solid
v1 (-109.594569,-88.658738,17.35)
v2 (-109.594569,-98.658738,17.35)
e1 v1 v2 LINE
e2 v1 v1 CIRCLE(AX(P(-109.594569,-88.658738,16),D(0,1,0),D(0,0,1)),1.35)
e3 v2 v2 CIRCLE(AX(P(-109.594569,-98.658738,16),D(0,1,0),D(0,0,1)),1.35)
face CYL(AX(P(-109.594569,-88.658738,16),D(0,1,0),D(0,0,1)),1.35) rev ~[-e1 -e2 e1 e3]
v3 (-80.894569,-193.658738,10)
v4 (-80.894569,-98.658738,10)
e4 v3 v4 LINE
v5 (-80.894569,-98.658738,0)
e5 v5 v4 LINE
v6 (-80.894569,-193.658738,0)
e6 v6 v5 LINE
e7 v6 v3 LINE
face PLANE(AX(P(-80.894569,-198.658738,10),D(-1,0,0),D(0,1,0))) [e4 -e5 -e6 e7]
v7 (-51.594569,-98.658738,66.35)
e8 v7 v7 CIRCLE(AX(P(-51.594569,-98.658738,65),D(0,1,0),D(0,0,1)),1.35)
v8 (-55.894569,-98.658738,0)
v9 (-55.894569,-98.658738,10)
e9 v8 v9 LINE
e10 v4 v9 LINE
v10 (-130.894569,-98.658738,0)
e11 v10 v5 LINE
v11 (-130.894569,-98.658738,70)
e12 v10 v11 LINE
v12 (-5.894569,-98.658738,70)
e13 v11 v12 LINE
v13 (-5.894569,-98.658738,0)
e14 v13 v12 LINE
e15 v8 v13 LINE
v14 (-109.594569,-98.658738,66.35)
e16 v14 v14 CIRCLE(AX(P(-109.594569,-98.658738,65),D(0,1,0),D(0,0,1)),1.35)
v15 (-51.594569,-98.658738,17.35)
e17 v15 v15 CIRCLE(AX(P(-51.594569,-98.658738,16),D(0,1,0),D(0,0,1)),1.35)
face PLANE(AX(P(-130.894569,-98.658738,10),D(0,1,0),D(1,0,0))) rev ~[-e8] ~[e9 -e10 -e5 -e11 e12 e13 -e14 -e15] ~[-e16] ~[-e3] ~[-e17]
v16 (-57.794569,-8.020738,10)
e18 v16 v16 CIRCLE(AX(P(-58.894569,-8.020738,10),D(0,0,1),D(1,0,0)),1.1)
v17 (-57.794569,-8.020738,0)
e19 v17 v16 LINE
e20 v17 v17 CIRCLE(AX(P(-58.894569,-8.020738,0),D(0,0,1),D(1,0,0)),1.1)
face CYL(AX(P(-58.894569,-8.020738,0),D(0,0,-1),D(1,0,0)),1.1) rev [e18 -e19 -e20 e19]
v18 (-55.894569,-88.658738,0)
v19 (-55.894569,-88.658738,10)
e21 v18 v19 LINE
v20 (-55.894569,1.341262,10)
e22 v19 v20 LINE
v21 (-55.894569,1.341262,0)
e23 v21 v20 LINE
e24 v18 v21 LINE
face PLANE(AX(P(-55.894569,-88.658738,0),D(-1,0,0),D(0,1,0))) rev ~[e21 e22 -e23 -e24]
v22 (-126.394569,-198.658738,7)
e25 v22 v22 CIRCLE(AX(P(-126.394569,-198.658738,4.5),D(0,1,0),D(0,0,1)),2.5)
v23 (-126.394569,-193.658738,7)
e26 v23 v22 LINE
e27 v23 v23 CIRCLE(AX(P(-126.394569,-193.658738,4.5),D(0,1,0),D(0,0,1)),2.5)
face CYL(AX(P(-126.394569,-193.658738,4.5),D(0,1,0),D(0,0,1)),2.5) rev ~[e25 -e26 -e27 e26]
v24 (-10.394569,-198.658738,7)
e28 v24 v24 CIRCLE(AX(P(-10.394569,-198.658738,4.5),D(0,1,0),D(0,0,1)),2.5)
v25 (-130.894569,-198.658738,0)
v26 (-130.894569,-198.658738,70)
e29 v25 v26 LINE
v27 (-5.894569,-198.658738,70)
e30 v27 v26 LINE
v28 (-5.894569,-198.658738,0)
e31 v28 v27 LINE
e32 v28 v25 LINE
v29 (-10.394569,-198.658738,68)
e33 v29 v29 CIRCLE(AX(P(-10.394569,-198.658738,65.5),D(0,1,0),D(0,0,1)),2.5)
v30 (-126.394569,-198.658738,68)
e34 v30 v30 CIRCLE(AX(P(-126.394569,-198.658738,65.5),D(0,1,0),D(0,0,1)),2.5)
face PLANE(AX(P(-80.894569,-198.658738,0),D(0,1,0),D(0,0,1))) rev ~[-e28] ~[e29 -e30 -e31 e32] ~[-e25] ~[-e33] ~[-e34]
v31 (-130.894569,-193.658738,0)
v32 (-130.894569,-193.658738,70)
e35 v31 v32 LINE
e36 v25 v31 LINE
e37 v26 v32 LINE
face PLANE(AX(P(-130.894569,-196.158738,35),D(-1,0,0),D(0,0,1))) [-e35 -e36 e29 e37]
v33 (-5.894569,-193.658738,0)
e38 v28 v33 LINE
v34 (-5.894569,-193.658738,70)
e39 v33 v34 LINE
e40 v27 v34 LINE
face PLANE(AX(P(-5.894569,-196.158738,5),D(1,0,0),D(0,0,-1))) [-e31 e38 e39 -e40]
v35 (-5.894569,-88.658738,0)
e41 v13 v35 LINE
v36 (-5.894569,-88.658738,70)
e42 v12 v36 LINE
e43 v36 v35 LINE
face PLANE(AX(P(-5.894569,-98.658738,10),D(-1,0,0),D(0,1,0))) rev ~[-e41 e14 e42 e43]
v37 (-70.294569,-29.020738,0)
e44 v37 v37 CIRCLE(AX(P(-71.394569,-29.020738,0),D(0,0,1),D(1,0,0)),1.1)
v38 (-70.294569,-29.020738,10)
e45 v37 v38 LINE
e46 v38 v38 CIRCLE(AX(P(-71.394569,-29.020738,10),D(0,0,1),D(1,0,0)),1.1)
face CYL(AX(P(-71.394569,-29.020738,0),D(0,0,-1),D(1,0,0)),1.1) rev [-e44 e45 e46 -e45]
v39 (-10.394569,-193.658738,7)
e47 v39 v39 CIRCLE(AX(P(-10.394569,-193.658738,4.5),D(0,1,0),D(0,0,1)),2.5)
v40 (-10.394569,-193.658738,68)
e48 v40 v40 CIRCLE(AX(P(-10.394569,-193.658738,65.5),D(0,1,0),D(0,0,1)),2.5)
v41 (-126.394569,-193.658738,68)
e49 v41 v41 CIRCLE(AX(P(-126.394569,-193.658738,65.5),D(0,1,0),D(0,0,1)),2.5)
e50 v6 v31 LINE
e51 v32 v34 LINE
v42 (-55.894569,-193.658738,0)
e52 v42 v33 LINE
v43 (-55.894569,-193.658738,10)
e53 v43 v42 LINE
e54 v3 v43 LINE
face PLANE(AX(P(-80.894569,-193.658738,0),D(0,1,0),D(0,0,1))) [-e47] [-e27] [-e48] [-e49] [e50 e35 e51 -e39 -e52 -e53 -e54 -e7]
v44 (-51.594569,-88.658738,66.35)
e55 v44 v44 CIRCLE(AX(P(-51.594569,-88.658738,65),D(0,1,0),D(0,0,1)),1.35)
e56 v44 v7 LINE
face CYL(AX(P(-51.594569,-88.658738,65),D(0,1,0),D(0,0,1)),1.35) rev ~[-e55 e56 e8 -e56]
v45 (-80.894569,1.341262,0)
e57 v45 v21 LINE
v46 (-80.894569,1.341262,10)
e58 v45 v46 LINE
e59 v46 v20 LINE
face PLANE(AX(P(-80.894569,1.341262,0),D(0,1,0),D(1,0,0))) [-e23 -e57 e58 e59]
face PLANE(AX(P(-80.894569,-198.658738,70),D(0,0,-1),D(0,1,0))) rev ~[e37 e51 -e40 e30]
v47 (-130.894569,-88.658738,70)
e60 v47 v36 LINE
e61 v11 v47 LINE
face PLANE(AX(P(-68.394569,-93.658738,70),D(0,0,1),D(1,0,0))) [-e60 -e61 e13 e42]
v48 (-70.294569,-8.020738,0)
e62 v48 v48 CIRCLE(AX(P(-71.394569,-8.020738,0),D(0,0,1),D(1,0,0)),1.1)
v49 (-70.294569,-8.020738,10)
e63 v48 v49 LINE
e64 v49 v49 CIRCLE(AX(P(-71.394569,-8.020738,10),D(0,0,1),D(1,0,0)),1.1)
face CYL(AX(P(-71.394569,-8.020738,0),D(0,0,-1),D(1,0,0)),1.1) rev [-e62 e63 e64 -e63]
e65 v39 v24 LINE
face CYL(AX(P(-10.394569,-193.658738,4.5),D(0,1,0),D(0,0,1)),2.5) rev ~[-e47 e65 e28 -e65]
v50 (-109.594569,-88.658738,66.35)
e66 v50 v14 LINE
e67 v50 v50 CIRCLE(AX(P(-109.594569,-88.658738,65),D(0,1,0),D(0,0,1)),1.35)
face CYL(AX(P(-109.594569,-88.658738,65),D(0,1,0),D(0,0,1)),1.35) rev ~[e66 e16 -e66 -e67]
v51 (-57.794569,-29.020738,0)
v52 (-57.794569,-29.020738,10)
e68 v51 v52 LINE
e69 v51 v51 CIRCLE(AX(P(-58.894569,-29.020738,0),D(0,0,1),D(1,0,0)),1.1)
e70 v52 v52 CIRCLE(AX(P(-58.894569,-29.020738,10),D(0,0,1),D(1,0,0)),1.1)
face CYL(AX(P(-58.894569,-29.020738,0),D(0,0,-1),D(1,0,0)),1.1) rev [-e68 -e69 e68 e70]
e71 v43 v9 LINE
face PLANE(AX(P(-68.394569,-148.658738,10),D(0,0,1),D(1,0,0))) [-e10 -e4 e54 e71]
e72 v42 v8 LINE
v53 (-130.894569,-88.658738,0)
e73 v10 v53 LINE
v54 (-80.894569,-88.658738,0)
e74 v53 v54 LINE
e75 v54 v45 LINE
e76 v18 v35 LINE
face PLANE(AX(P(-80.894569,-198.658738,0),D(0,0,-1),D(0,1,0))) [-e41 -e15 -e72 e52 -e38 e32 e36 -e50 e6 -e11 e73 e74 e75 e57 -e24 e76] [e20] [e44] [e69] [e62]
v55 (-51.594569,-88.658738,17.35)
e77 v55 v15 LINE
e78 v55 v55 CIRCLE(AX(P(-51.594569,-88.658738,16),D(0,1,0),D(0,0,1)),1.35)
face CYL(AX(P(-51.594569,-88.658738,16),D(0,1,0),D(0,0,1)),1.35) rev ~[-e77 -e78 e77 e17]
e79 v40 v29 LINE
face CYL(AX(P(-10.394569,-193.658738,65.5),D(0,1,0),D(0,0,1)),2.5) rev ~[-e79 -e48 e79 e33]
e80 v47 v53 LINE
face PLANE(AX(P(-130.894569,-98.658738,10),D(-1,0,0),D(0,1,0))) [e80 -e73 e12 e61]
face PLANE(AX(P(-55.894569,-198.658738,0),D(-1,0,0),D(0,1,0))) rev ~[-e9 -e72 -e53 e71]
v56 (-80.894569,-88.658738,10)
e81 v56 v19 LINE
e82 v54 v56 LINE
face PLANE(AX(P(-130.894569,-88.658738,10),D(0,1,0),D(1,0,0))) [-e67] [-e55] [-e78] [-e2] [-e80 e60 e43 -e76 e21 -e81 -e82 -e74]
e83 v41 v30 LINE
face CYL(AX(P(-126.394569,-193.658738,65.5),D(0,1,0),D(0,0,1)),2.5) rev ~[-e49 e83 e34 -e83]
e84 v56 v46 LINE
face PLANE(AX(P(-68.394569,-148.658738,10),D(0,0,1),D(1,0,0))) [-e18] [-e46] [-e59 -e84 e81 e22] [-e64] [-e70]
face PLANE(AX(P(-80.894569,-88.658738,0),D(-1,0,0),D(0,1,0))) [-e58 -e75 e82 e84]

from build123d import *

# Parameters (mm, degrees)
SKETCH2_W           = 25
SKETCH2_H           = 90
SKETCH2_R           = 1.1
SKETCH2_H_2         = 10
SKETCH2_W_2         = 50
SKETCH2_H_3         = 100
BOSS_EXTRUDE3_DEPTH = 10
SKETCH5_W           = 125
SKETCH5_H           = 10
BOSS_EXTRUDE4_DEPTH = 60
SKETCH6_W           = 75
SKETCH6_H           = 5
BOSS_EXTRUDE5_DEPTH = 60
SKETCH8_W           = 10
SKETCH8_H           = 5
BOSS_EXTRUDE7_DEPTH = 50
SKETCH7_W           = 70
SKETCH7_H           = 5
BOSS_EXTRUDE8_DEPTH = 50
SKETCH12_R          = 2.5
CUT_EXTRUDE1_DEPTH  = 246.068129549
CUT_EXTRUDE2_REACH  = 186.752
SKETCH13_R          = 1.35


with BuildPart() as part:
    # Sketch2 → Boss-Extrude3 (new body)
    # profile 1 of 5: a face of its own
    with BuildSketch(Plane.XY):
        with Locations((-68.394568721, -43.658737525)):
            Rectangle(SKETCH2_W, SKETCH2_H)
        with Locations((-71.394568721, -29.020737525)):
            Circle(SKETCH2_R, mode=Mode.SUBTRACT)
        with Locations((-71.394568721, -8.020737525)):
            Circle(SKETCH2_R, mode=Mode.SUBTRACT)
        with Locations((-58.894568721, -29.020737525)):
            Circle(SKETCH2_R, mode=Mode.SUBTRACT)
        with Locations((-58.894568721, -8.020737525)):
            Circle(SKETCH2_R, mode=Mode.SUBTRACT)
    # profile 2 of 5: a face of its own
    with BuildSketch(Plane.XY):
        with Locations((-68.394568721, -93.658737525)):
            Rectangle(SKETCH2_W, SKETCH2_H_2)
    # profile 3 of 5: a face of its own
    with BuildSketch(Plane.XY):
        with Locations((-105.894568721, -93.658737525)):
            Rectangle(SKETCH2_W_2, SKETCH2_H_2)
    # profile 4 of 5: a face of its own
    with BuildSketch(Plane.XY):
        with Locations((-30.894568721, -93.658737525)):
            Rectangle(SKETCH2_W_2, SKETCH2_H_2)
    # profile 5 of 5: a face of its own
    with BuildSketch(Plane.XY):
        with Locations((-68.394568721, -148.658737525)):
            Rectangle(SKETCH2_W, SKETCH2_H_3)
    extrude(amount=BOSS_EXTRUDE3_DEPTH)

    # Sketch5 → Boss-Extrude4 (add)
    with BuildSketch(Plane.XY.offset(10)):
        with Locations((-68.394568721, -93.658737525)):
            Rectangle(SKETCH5_W, SKETCH5_H)
    extrude(amount=BOSS_EXTRUDE4_DEPTH)

    # Sketch6 → Boss-Extrude5 (add)
    with BuildSketch(Plane.XY.offset(10)):
        with Locations((-43.394568721, -196.158737525)):
            Rectangle(SKETCH6_W, SKETCH6_H)
    extrude(amount=BOSS_EXTRUDE5_DEPTH)

    # Sketch8 → Boss-Extrude7 (add)
    with BuildSketch(Plane(origin=(-55.894568721, 0, 0), x_dir=(0, 0, -1), z_dir=(1, 0, 0))):
        with Locations((-5, -196.158737525)):
            Rectangle(SKETCH8_W, SKETCH8_H)
    extrude(amount=BOSS_EXTRUDE7_DEPTH)

    # Sketch7 → Boss-Extrude8 (add)
    with BuildSketch(Plane.ZY.offset(80.894568721)):
        with Locations((35, -196.158737525)):
            Rectangle(SKETCH7_W, SKETCH7_H)
    extrude(amount=BOSS_EXTRUDE8_DEPTH)

    # Sketch12 → Cut-Extrude1 (cut, through all)
    with BuildSketch(Plane(origin=(0, -193.658737525, 0), x_dir=(1, 0, 0), z_dir=(0, 1, 0))):
        with Locations(Location((-126.394568721, -4.5, 0), (0, 0, 270))):
            Circle(SKETCH12_R)
        with Locations(Location((-126.394568721, -65.5, 0), (0, 0, 270))):
            Circle(SKETCH12_R)
        with Locations(Location((-10.394568721, -65.5, 0), (0, 0, 270))):
            Circle(SKETCH12_R)
        with Locations(Location((-10.394568721, -4.5, 0), (0, 0, 270))):
            Circle(SKETCH12_R)
    extrude(amount=-CUT_EXTRUDE1_DEPTH, mode=Mode.SUBTRACT)

    # Sketch13 → Cut-Extrude2 (cut, up to next)
    with BuildSketch(Plane(origin=(0, -88.658737525, 0), x_dir=(1, 0, 0), z_dir=(0, 1, 0)), mode=Mode.PRIVATE) as cut_extrude2_sk1:
        with Locations(Location((-109.594568721, -16, 0), (0, 0, 270))):
            Circle(SKETCH13_R)
    cut_extrude2_tool1 = extrude(cut_extrude2_sk1.sketch, amount=-CUT_EXTRUDE2_REACH, mode=Mode.PRIVATE) & part.part
    # Sketch13 → Cut-Extrude2 (cut, up to next)
    with BuildSketch(Plane(origin=(0, -88.658737525, 0), x_dir=(1, 0, 0), z_dir=(0, 1, 0)), mode=Mode.PRIVATE) as cut_extrude2_sk2:
        with Locations(Location((-109.594568721, -65, 0), (0, 0, 270))):
            Circle(SKETCH13_R)
    cut_extrude2_tool2 = extrude(cut_extrude2_sk2.sketch, amount=-CUT_EXTRUDE2_REACH, mode=Mode.PRIVATE) & part.part
    # Sketch13 → Cut-Extrude2 (cut, up to next)
    with BuildSketch(Plane(origin=(0, -88.658737525, 0), x_dir=(1, 0, 0), z_dir=(0, 1, 0)), mode=Mode.PRIVATE) as cut_extrude2_sk3:
        with Locations(Location((-51.594568721, -65, 0), (0, 0, 270))):
            Circle(SKETCH13_R)
    cut_extrude2_tool3 = extrude(cut_extrude2_sk3.sketch, amount=-CUT_EXTRUDE2_REACH, mode=Mode.PRIVATE) & part.part
    # Sketch13 → Cut-Extrude2 (cut, up to next)
    with BuildSketch(Plane(origin=(0, -88.658737525, 0), x_dir=(1, 0, 0), z_dir=(0, 1, 0)), mode=Mode.PRIVATE) as cut_extrude2_sk4:
        with Locations(Location((-51.594568721, -16, 0), (0, 0, 270))):
            Circle(SKETCH13_R)
    cut_extrude2_tool4 = extrude(cut_extrude2_sk4.sketch, amount=-CUT_EXTRUDE2_REACH, mode=Mode.PRIVATE) & part.part
    add(cut_extrude2_tool1.solids().sort_by_distance((-109.594569, -88.658738, 16))[0], mode=Mode.SUBTRACT)
    add(cut_extrude2_tool2.solids().sort_by_distance((-109.594569, -88.658738, 65))[0], mode=Mode.SUBTRACT)
    add(cut_extrude2_tool3.solids().sort_by_distance((-51.594569, -88.658738, 65))[0], mode=Mode.SUBTRACT)
    add(cut_extrude2_tool4.solids().sort_by_distance((-51.594569, -88.658738, 16))[0], mode=Mode.SUBTRACT)


solid = part.part
